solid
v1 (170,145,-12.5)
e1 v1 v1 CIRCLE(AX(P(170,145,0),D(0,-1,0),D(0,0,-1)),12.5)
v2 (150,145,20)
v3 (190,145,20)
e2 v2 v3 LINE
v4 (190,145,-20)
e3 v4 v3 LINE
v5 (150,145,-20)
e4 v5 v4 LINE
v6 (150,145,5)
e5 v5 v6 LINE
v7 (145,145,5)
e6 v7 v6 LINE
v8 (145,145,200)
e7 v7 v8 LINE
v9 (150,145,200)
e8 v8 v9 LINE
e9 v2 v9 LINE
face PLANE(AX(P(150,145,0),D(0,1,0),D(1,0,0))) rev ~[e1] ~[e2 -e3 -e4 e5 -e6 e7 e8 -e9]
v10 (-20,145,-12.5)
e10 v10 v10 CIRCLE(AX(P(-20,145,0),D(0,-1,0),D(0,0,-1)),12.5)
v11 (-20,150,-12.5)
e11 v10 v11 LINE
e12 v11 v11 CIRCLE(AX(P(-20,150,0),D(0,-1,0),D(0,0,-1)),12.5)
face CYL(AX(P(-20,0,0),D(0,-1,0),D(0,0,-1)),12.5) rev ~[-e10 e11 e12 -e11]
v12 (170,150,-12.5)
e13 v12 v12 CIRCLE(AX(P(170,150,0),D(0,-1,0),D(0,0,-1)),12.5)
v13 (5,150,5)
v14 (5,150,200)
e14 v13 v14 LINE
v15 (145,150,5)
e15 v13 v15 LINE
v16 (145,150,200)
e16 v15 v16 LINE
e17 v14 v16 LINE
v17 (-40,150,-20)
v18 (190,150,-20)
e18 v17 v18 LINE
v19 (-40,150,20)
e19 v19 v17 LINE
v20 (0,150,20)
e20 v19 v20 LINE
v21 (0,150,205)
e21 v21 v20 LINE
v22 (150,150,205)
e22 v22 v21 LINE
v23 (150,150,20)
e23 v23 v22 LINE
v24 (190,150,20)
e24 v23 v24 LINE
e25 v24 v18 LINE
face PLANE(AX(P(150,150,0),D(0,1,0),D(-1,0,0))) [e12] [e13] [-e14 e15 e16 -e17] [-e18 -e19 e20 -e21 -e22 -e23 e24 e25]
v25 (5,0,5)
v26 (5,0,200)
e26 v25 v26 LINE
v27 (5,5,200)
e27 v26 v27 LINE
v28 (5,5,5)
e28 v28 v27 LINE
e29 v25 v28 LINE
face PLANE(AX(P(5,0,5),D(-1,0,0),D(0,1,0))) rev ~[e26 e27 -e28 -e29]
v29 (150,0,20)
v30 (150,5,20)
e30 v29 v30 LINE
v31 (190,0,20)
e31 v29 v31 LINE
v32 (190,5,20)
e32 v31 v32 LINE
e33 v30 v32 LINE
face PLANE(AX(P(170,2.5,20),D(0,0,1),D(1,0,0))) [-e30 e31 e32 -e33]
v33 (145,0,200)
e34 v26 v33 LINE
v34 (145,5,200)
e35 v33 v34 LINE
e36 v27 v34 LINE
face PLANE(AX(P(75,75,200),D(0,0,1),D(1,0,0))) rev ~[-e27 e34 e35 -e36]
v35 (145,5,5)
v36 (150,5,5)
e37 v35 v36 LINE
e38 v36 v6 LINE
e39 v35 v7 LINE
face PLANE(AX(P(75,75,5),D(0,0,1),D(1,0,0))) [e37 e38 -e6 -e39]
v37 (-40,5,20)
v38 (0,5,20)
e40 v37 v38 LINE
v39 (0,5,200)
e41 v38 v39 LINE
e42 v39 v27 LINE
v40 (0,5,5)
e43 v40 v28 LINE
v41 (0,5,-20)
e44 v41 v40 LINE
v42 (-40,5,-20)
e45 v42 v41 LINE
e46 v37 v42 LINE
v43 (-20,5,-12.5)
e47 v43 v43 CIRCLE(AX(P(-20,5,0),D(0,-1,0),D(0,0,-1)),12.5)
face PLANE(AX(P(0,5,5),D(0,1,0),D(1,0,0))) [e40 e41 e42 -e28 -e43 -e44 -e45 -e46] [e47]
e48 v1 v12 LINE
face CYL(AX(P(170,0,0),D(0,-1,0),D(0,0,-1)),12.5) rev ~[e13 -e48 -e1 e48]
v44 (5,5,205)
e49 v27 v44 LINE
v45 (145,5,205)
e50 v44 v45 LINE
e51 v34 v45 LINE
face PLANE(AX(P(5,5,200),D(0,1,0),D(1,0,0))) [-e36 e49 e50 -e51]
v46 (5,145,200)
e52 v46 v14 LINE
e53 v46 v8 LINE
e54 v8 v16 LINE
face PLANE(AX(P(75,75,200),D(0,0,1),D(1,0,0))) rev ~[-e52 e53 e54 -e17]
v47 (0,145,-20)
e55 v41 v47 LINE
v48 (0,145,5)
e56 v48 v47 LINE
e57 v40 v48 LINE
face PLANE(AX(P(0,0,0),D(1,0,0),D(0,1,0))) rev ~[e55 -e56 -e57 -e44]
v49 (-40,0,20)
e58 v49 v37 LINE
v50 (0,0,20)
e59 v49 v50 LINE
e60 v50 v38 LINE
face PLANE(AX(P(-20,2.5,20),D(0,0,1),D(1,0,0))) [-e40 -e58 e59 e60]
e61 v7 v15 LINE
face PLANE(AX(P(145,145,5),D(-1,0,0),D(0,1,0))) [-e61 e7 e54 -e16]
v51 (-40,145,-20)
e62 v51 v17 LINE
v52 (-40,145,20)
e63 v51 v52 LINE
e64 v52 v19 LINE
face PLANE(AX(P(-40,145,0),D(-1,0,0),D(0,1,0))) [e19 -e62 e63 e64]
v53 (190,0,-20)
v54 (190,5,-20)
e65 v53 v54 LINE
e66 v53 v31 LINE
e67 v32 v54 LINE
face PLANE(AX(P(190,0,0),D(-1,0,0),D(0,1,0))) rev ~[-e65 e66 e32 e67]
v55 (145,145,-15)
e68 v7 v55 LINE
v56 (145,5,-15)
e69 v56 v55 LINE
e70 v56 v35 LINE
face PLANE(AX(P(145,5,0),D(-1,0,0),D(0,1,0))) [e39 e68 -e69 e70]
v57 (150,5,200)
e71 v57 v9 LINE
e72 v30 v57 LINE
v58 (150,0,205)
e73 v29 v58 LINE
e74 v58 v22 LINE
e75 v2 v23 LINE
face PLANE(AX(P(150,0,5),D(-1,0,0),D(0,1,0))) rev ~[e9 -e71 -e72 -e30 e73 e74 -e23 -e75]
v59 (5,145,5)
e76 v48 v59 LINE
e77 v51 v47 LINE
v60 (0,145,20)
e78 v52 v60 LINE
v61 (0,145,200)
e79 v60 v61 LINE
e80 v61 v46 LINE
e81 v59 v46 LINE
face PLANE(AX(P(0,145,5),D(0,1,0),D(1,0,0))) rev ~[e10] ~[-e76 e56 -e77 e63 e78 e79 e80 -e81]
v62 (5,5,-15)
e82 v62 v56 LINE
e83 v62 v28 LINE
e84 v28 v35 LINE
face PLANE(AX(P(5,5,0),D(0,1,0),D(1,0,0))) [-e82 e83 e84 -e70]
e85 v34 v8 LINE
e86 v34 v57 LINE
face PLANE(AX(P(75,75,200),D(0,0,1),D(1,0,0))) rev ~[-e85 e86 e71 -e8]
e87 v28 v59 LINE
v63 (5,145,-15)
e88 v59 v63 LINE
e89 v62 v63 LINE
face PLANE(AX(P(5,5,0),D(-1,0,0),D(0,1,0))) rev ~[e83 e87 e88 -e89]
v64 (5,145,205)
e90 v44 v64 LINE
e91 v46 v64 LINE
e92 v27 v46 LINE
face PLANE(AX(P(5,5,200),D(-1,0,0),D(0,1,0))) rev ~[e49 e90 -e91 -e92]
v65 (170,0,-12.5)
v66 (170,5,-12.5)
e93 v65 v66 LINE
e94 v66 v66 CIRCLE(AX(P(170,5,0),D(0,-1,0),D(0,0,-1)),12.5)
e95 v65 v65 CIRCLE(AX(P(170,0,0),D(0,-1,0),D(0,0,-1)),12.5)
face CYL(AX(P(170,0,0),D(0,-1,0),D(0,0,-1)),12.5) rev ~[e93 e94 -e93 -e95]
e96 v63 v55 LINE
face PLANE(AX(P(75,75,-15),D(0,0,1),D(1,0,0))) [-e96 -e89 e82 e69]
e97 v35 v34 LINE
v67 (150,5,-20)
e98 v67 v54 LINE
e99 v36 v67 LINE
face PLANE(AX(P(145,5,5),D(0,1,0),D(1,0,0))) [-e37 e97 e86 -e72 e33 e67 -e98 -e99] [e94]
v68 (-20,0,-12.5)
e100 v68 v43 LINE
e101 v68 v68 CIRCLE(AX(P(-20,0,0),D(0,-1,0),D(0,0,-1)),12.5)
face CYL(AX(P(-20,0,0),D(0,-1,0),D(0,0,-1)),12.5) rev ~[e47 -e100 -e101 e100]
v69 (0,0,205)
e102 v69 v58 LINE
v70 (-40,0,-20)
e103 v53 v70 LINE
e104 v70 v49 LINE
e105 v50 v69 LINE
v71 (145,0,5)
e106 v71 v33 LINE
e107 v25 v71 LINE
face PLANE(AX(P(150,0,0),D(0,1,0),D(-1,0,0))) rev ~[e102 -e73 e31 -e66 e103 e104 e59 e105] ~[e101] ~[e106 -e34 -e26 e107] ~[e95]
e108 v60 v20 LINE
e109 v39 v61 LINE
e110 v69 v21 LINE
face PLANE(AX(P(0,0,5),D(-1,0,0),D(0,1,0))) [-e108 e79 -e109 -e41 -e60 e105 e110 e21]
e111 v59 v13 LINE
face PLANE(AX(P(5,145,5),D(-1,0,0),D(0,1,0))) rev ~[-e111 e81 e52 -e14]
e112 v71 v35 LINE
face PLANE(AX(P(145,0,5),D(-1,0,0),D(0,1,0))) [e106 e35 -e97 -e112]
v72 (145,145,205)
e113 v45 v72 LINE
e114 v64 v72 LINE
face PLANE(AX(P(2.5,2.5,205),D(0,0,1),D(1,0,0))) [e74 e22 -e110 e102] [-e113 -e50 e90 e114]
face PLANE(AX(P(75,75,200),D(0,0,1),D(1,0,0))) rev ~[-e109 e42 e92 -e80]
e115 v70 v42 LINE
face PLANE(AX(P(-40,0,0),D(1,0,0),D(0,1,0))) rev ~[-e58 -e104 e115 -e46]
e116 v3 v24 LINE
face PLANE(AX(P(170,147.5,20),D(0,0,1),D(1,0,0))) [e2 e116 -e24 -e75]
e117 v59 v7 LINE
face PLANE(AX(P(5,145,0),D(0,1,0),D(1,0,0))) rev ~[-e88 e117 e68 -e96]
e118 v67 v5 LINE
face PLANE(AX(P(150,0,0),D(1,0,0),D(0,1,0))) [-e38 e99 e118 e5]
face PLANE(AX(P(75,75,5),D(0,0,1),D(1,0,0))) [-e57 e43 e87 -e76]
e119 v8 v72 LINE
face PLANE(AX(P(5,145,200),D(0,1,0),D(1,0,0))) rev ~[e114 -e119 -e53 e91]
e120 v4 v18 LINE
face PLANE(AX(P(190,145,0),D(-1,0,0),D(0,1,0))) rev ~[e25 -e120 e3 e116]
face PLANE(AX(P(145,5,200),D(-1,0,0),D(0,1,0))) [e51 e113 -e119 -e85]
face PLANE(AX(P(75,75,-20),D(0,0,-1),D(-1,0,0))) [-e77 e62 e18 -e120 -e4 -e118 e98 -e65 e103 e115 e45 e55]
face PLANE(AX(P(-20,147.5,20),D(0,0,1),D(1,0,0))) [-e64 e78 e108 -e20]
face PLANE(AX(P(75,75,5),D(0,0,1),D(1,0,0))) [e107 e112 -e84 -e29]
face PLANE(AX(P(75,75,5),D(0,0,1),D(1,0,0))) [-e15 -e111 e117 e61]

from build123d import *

# Parameters (mm, degrees)
SKETCH_1_W                  = 140
SKETCH_1_H                  = 140
EXTRUDE_2_DEPTH             = 5
SKETCH_1_4_W                = 40
SKETCH_1_4_H                = 5
EXTRUDE_3_DEPTH             = 20
SKETCH_2_R                  = 12.5
CUT_EXTRUDE_1_DEPTH         = 243.89915603
PATTERN_LINEAR_1_COUNT      = 2
PATTERN_LINEAR_1_PITCH      = 190
SKETCH_4_W                  = 5
SKETCH_4_H                  = 5
EXTRUDE_5_DEPTH             = 200
PATTERN_LINEAR_2_COUNT      = 2
PATTERN_LINEAR_2_PITCH      = 145
PATTERN_LINEAR_2_COUNT_DIR2 = 2
PATTERN_LINEAR_2_PITCH_DIR2 = 145
PATTERN_LINEAR_3_COUNT      = 2
PATTERN_LINEAR_3_PITCH      = 200
SKETCH_5_W                  = 150
SKETCH_5_H                  = 150
EXTRUDE_6_DEPTH             = 20
SKETCH_7_W                  = 140
SKETCH_7_H                  = 140
CUT_EXTRUDE_3_DEPTH         = 15


with BuildPart() as part:
    # Эскиз1 → Бобышка-Вытянуть2 (new body)
    with BuildSketch(Plane.XY):
        Polygon((150, 150), (0, 150), (0, 145), (0, 5), (0, 0), (150, 0), (150, 5), (150, 145), align=None)
        with Locations((75, 75)):
            Rectangle(SKETCH_1_W, SKETCH_1_H, mode=Mode.SUBTRACT)
    extrude_2 = extrude(amount=EXTRUDE_2_DEPTH)

    # Эскиз1<4> → Бобышка-Вытянуть3 (add, symmetric)
    with BuildSketch(Plane.XY):
        with Locations((170, 147.5)):
            Rectangle(SKETCH_1_4_W, SKETCH_1_4_H)
        with Locations((-20, 147.5)):
            Rectangle(SKETCH_1_4_W, SKETCH_1_4_H)
        with Locations((170, 2.5)):
            Rectangle(SKETCH_1_4_W, SKETCH_1_4_H)
        with Locations((-20, 2.5)):
            Rectangle(SKETCH_1_4_W, SKETCH_1_4_H)
    extrude(amount=EXTRUDE_3_DEPTH, both=True)

    # Эскиз2 → Вырез-Вытянуть1 (cut, through all)
    with BuildSketch(Plane.XZ):
        with Locations((-20, 0)):
            Circle(SKETCH_2_R)
    cut_extrude_1 = extrude(amount=-CUT_EXTRUDE_1_DEPTH, mode=Mode.SUBTRACT)

    # Линейный массив1: Вырез-Вытянуть1 ×2
    with Locations(*[(i * PATTERN_LINEAR_1_PITCH, 0, 0) for i in range(1, PATTERN_LINEAR_1_COUNT)]):
        add(cut_extrude_1, mode=Mode.SUBTRACT)

    # Эскиз4 → Бобышка-Вытянуть5 (add)
    with BuildSketch(Plane.XY.offset(5)):
        with Locations((147.5, 2.5)):
            Rectangle(SKETCH_4_W, SKETCH_4_H)
    extrude_5 = extrude(amount=EXTRUDE_5_DEPTH)

    # Линейный массив2: Extrude 5 2 × 2
    with Locations(*[(-j * PATTERN_LINEAR_2_PITCH_DIR2, i * PATTERN_LINEAR_2_PITCH, 0) for i in range(PATTERN_LINEAR_2_COUNT) for j in range(PATTERN_LINEAR_2_COUNT_DIR2) if (i, j) != (0, 0)]):
        add(extrude_5)

    # Линейный массив3: Бобышка-Вытянуть2 ×2
    with Locations(*[(0, 0, i * PATTERN_LINEAR_3_PITCH) for i in range(1, PATTERN_LINEAR_3_COUNT)]):
        add(extrude_2)

    # Эскиз5 → Бобышка-Вытянуть6 (add)
    with BuildSketch(Plane(origin=(0, 0, 0), x_dir=(-1, 0, 0), z_dir=(0, 0, -1))):
        with Locations((-75, 75)):
            Rectangle(SKETCH_5_W, SKETCH_5_H)
    extrude(amount=EXTRUDE_6_DEPTH)

    # Эскиз7 → Вырез-Вытянуть3 (cut)
    with BuildSketch(Plane.XY):
        with Locations((75, 75)):
            Rectangle(SKETCH_7_W, SKETCH_7_H)
    extrude(amount=-CUT_EXTRUDE_3_DEPTH, mode=Mode.SUBTRACT)


solid = part.part
